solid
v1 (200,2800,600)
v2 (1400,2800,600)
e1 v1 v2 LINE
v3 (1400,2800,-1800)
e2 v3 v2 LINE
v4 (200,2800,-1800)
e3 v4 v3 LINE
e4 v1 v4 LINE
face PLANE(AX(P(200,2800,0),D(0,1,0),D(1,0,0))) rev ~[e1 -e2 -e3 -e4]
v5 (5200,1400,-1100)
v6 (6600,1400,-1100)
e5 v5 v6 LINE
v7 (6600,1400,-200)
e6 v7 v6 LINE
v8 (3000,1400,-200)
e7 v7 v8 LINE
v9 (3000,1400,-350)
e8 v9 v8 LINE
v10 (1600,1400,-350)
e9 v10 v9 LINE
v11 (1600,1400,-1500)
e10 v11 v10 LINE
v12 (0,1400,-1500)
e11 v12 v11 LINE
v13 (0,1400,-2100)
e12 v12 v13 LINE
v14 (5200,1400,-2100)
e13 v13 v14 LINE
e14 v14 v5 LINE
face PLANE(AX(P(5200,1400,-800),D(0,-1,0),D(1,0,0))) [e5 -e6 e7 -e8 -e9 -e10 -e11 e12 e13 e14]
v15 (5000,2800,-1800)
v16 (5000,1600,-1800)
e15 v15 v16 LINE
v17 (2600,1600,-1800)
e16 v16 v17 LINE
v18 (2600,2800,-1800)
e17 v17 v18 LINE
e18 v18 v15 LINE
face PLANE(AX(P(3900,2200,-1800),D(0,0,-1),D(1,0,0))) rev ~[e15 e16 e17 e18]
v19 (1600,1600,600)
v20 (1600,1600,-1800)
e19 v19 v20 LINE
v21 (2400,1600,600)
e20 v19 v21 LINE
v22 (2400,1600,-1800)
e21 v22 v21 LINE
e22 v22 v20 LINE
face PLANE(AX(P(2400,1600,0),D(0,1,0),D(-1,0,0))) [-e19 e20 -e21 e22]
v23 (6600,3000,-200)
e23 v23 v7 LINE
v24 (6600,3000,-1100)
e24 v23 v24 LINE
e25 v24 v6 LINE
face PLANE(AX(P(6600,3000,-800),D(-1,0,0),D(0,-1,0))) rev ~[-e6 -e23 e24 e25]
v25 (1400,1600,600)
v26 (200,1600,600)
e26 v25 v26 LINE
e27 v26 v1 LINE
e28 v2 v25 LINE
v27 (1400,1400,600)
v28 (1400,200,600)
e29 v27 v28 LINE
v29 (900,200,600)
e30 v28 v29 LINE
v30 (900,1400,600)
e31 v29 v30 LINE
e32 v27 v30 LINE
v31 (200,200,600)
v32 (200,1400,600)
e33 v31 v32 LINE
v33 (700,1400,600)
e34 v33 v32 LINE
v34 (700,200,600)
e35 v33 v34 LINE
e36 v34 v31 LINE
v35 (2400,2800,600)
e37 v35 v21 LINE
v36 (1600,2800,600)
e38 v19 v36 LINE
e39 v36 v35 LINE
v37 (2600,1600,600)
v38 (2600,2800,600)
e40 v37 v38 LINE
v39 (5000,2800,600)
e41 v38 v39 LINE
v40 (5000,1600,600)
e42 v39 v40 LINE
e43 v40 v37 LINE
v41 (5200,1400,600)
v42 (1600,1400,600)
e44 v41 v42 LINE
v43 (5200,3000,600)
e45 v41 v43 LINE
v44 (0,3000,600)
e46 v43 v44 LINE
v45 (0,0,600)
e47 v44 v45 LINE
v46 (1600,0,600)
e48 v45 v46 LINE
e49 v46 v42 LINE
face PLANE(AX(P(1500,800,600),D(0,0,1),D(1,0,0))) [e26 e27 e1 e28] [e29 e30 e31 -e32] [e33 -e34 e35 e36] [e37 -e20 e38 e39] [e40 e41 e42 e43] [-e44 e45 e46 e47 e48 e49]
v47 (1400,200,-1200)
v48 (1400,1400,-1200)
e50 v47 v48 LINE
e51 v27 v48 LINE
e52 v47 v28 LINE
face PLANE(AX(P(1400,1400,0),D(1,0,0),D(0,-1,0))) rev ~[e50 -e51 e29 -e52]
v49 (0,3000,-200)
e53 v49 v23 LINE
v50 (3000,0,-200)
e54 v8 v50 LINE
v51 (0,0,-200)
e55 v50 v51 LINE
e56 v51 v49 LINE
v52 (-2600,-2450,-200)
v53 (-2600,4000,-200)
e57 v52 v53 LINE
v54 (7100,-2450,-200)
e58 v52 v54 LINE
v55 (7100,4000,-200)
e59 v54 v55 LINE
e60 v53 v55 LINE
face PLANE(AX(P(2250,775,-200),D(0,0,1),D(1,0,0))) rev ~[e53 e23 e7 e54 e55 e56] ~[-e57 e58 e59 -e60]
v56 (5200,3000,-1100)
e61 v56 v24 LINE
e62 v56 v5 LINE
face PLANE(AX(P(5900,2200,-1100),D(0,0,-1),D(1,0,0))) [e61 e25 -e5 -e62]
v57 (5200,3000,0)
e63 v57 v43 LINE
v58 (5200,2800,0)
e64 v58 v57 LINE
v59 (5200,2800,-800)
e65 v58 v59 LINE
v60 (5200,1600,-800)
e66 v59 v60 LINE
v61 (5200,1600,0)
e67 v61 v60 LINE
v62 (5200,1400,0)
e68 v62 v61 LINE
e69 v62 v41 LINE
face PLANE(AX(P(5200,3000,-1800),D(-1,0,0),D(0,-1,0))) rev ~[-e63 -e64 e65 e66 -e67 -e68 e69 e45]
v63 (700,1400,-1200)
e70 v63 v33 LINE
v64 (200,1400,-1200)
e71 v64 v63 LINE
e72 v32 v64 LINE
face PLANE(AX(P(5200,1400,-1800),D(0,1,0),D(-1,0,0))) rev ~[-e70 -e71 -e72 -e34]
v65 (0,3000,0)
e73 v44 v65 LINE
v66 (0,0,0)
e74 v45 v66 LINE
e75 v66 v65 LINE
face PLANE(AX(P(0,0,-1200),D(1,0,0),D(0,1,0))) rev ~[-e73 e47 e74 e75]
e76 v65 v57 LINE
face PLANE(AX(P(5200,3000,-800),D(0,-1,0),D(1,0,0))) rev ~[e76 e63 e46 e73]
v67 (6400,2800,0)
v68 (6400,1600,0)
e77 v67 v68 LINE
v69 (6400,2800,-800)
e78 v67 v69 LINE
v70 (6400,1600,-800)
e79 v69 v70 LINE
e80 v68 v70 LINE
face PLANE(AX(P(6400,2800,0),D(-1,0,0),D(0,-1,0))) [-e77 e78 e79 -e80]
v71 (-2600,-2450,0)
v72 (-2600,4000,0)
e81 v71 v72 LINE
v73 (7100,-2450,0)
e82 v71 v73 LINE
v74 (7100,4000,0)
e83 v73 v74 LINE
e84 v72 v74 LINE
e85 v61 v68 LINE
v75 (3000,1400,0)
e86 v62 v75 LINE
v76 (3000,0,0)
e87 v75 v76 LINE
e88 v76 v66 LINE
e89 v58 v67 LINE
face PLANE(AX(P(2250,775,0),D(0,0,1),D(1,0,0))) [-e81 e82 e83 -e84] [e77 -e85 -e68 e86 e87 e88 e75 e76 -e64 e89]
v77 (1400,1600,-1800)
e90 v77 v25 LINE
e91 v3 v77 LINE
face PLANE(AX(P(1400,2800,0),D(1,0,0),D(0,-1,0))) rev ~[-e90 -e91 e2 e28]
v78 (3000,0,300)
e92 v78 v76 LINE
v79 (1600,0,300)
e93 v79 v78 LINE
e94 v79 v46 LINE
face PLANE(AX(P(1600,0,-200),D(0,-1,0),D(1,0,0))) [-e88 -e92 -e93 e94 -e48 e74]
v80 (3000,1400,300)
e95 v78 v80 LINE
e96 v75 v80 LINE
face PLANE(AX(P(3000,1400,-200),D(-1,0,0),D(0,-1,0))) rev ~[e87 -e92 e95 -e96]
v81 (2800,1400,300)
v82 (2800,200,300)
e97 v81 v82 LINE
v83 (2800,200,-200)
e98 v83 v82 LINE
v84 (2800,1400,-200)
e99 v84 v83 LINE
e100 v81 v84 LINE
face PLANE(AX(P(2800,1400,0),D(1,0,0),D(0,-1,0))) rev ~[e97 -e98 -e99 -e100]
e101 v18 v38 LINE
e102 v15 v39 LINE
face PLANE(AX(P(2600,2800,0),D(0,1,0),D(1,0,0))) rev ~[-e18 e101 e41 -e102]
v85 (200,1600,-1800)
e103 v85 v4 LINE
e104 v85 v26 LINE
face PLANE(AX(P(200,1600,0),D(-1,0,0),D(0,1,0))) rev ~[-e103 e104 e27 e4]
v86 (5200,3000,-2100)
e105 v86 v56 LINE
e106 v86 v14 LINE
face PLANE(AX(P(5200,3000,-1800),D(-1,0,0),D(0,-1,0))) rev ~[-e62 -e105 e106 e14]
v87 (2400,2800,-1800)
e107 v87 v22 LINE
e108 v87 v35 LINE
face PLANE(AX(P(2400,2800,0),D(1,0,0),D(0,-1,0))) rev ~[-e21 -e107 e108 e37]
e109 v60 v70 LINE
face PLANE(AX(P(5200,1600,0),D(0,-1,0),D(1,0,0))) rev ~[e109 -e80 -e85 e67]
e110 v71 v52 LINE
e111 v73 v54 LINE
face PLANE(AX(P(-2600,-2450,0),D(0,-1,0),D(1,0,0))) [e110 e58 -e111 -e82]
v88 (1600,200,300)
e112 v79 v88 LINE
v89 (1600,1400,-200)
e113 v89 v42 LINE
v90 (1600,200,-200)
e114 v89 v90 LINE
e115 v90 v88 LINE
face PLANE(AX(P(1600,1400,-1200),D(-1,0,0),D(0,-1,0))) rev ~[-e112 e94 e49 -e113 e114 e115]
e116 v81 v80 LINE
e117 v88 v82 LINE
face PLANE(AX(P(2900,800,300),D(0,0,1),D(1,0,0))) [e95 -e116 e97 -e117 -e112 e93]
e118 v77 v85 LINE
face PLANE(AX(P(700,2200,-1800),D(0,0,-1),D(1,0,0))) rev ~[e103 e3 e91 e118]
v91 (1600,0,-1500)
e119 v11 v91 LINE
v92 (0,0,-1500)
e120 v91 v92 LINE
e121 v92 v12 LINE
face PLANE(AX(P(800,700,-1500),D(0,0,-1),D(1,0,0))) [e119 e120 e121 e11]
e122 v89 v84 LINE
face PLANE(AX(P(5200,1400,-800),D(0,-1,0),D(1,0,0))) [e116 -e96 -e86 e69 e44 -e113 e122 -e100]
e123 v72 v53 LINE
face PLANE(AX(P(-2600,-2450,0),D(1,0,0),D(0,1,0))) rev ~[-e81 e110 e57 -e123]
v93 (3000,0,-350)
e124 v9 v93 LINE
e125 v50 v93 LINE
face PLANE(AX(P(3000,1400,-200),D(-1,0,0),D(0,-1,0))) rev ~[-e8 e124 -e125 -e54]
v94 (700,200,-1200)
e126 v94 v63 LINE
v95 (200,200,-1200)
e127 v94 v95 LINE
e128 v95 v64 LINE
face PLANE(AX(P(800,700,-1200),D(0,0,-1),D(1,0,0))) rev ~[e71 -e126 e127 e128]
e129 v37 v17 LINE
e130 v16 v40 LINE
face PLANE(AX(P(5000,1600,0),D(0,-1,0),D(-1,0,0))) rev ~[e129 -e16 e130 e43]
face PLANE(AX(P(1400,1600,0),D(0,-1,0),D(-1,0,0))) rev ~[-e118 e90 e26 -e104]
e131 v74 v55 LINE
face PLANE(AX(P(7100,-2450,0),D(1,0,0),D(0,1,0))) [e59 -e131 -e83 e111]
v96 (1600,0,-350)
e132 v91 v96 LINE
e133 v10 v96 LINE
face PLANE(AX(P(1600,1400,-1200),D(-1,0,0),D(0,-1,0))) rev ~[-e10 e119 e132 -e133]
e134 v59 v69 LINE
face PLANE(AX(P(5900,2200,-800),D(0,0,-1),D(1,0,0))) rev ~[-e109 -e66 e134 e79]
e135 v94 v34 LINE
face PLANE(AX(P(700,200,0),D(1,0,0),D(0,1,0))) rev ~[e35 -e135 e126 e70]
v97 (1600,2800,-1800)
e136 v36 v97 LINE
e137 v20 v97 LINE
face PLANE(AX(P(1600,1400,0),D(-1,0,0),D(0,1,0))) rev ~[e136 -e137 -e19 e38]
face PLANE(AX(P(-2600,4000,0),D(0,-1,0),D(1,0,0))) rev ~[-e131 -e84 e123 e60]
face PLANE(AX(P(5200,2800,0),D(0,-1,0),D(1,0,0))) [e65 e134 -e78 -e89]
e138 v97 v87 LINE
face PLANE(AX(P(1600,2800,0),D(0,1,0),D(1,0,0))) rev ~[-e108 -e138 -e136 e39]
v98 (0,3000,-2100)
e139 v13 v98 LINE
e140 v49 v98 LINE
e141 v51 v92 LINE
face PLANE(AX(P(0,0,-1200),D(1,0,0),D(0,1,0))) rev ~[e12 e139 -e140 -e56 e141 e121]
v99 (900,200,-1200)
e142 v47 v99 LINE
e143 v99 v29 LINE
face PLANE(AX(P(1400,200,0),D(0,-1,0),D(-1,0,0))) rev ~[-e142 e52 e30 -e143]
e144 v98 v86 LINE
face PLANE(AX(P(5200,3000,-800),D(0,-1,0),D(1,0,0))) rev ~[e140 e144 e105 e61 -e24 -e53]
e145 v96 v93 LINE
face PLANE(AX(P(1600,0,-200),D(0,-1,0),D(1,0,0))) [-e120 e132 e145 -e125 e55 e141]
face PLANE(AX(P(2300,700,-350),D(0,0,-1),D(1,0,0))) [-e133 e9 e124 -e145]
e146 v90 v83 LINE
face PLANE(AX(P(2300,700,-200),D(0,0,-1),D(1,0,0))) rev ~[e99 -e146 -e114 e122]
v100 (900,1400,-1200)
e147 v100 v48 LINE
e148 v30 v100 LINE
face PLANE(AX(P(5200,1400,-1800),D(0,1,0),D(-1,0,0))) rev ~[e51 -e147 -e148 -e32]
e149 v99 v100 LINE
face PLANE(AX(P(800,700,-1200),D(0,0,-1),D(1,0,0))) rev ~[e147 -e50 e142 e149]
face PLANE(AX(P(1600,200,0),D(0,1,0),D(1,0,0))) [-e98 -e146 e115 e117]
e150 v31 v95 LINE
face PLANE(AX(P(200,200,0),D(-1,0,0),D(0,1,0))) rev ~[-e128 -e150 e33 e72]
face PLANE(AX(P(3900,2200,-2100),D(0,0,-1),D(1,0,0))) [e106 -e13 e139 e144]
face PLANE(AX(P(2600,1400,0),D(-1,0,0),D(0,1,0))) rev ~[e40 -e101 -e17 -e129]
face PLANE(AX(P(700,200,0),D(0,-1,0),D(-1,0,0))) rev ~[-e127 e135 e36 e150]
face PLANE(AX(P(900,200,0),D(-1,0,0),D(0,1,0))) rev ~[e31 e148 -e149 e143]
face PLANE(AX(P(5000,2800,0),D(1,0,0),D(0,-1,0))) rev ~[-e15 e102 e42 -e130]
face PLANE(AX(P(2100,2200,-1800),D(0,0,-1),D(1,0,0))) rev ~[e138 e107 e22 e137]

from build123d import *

# Parameters (mm, degrees)
F0_W      = 200
F0_H      = 200
F0_H_2    = 1200
F0_W_2    = 500
F0_W_3    = 1200
F1_DEPTH  = 1800
F2_DEPTH  = 600
F4_DEPTH  = 300
F0_W_4    = 800
F5_DEPTH  = 1800
F6_DEPTH  = 600
F7_DEPTH  = 300
F0_W_5    = 2400
F8_DEPTH  = 1800
F9_DEPTH  = 600
F10_DEPTH = 300
F11_DEPTH = 1200
F12_DEPTH = 600
F14_DEPTH = 300
F15_DEPTH = 200
F16_DEPTH = 300
F17_W     = 1400
F17_H     = 1400
F18_DEPTH = 150
F19_DEPTH = 800
F20_W     = 1400
F20_H     = 1600
F21_DEPTH = 300
F22_W     = 9700
F22_H     = 6450
F23_DEPTH = 200


with BuildPart() as f1:
    # F0 (on Top) → F1 (new body)
    with BuildSketch(Plane.XY):
        with Locations((100, 2900)):
            Rectangle(F0_W, F0_H)
        with Locations((100, 2200)):
            Rectangle(F0_W, F0_H_2)
        with Locations((100, 1500)):
            Rectangle(F0_W, F0_H)
        with Locations((450, 1500)):
            Rectangle(F0_W_2, F0_H)
        with Locations((800, 1500)):
            Rectangle(F0_W, F0_H)
        with Locations((1150, 1500)):
            Rectangle(F0_W_2, F0_H)
        with Locations((1500, 1500)):
            Rectangle(F0_W, F0_H)
        with Locations((1500, 2200)):
            Rectangle(F0_W, F0_H_2)
        with Locations((1500, 2900)):
            Rectangle(F0_W, F0_H)
        with Locations((800, 2900)):
            Rectangle(F0_W_3, F0_H)
    extrude(amount=-F1_DEPTH)

    # F0 (on Top) → F2 (join)
    with BuildSketch(Plane.XY):
        with Locations((100, 1500)):
            Rectangle(F0_W, F0_H)
        with Locations((450, 1500)):
            Rectangle(F0_W_2, F0_H)
        with Locations((800, 1500)):
            Rectangle(F0_W, F0_H)
        with Locations((1150, 1500)):
            Rectangle(F0_W_2, F0_H)
        with Locations((1500, 1500)):
            Rectangle(F0_W, F0_H)
        with Locations((1500, 2200)):
            Rectangle(F0_W, F0_H_2)
        with Locations((1500, 2900)):
            Rectangle(F0_W, F0_H)
        with Locations((800, 2900)):
            Rectangle(F0_W_3, F0_H)
        with Locations((100, 2900)):
            Rectangle(F0_W, F0_H)
        with Locations((100, 2200)):
            Rectangle(F0_W, F0_H_2)
    extrude(amount=F2_DEPTH)

    # F3 (on face) → F4 (join)
    with BuildSketch(Plane(origin=(0, 0, -1800), x_dir=(1, 0, 0), z_dir=(0, 0, -1))):
        Polygon((1400, -1400), (200, -1400), (0, -1400), (0, -3000), (1400, -3000), align=None)
        Polygon((1400, -1400), (200, -1400), (0, -1400), (0, -3000), (1400, -3000), (1400, -2800), align=None)
        Polygon((2600, -1400), (1600, -1400), (1600, -3000), (2600, -3000), (2600, -2800), (2600, -1600), align=None)
    extrude(amount=F4_DEPTH)

    # F0 (on Top) → F5 (join)
    with BuildSketch(Plane.XY):
        with Locations((2000, 1500)):
            Rectangle(F0_W_4, F0_H)
        with Locations((2500, 1500)):
            Rectangle(F0_W, F0_H)
        with Locations((2500, 2200)):
            Rectangle(F0_W, F0_H_2)
        with Locations((2500, 2900)):
            Rectangle(F0_W, F0_H)
        with Locations((2000, 2900)):
            Rectangle(F0_W_4, F0_H)
    extrude(amount=-F5_DEPTH)

    # F0 (on Top) → F6 (join)
    with BuildSketch(Plane.XY):
        with Locations((2000, 2900)):
            Rectangle(F0_W_4, F0_H)
        with Locations((2500, 2900)):
            Rectangle(F0_W, F0_H)
        with Locations((2500, 2200)):
            Rectangle(F0_W, F0_H_2)
        with Locations((2500, 1500)):
            Rectangle(F0_W, F0_H)
        with Locations((2000, 1500)):
            Rectangle(F0_W_4, F0_H)
    extrude(amount=F6_DEPTH)

    # F3 (on face) → F7 (join)
    with BuildSketch(Plane(origin=(0, 0, -1800), x_dir=(1, 0, 0), z_dir=(0, 0, -1))):
        Polygon((1600, -1400), (1400, -1400), (1400, -2800), (1400, -3000), (1600, -3000), align=None)
    extrude(amount=F7_DEPTH)

    # F0 (on Top) → F8 (join)
    with BuildSketch(Plane.XY):
        with Locations((3800, 2900)):
            Rectangle(F0_W_5, F0_H)
        with Locations((5100, 2900)):
            Rectangle(F0_W, F0_H)
        with Locations((5100, 2200)):
            Rectangle(F0_W, F0_H_2)
        with Locations((5100, 1500)):
            Rectangle(F0_W, F0_H)
        Polygon((2600, 1400), (2800, 1400), (3000, 1400), (5000, 1400), (5000, 1600), (2600, 1600), align=None)
    extrude(amount=-F8_DEPTH)

    # F0 (on Top) → F9 (join)
    with BuildSketch(Plane.XY):
        Polygon((2600, 1400), (2800, 1400), (3000, 1400), (5000, 1400), (5000, 1600), (2600, 1600), align=None)
        with Locations((5100, 1500)):
            Rectangle(F0_W, F0_H)
        with Locations((5100, 2200)):
            Rectangle(F0_W, F0_H_2)
        with Locations((5100, 2900)):
            Rectangle(F0_W, F0_H)
        with Locations((3800, 2900)):
            Rectangle(F0_W_5, F0_H)
    extrude(amount=F9_DEPTH)

    # F3 (on face) → F10 (join)
    with BuildSketch(Plane(origin=(0, 0, -1800), x_dir=(1, 0, 0), z_dir=(0, 0, -1))):
        Polygon((5200, -1400), (2600, -1400), (2600, -1600), (2600, -2800), (2600, -3000), (5200, -3000), align=None)
    extrude(amount=F10_DEPTH)

    # F0 (on Top) → F11 (join)
    with BuildSketch(Plane.XY):
        with Locations((100, 800)):
            Rectangle(F0_W, F0_H_2)
        with Locations((100, 100)):
            Rectangle(F0_W, F0_H)
        with Locations((450, 100)):
            Rectangle(F0_W_2, F0_H)
        with Locations((800, 100)):
            Rectangle(F0_W, F0_H)
        with Locations((800, 800)):
            Rectangle(F0_W, F0_H_2)
        with Locations((1150, 100)):
            Rectangle(F0_W_2, F0_H)
        with Locations((1500, 100)):
            Rectangle(F0_W, F0_H)
        with Locations((1500, 800)):
            Rectangle(F0_W, F0_H_2)
    extrude(amount=-F11_DEPTH)

    # F0 (on Top) → F12 (join)
    with BuildSketch(Plane.XY):
        with Locations((1500, 800)):
            Rectangle(F0_W, F0_H_2)
        with Locations((1500, 100)):
            Rectangle(F0_W, F0_H)
        with Locations((1150, 100)):
            Rectangle(F0_W_2, F0_H)
        with Locations((800, 100)):
            Rectangle(F0_W, F0_H)
        with Locations((800, 800)):
            Rectangle(F0_W, F0_H_2)
        with Locations((450, 100)):
            Rectangle(F0_W_2, F0_H)
        with Locations((100, 100)):
            Rectangle(F0_W, F0_H)
        with Locations((100, 800)):
            Rectangle(F0_W, F0_H_2)
    extrude(amount=F12_DEPTH)

    # F13 (on face) → F14 (join)
    with BuildSketch(Plane(origin=(0, 0, -1200), x_dir=(1, 0, 0), z_dir=(0, 0, -1))):
        Polygon((1600, 0), (0, 0), (0, -1400), (1600, -1400), (1600, -200), align=None)
    extrude(amount=F14_DEPTH)



with BuildPart() as f15:
    # F0 (on Top) → F15 (new body)
    with BuildSketch(Plane.XY):
        with Locations((2900, 800)):
            Rectangle(F0_W, F0_H_2)
        with Locations((2900, 100)):
            Rectangle(F0_W, F0_H)
        with Locations((2200, 100)):
            Rectangle(F0_W_3, F0_H)
    extrude(amount=-F15_DEPTH)


with BuildPart() as f1_1:
    add(f1.part)

    add(f15.part)  # F16 merges F15
    # F0 (on Top) → F16 (join)
    with BuildSketch(Plane.XY):
        with Locations((2900, 800)):
            Rectangle(F0_W, F0_H_2)
        with Locations((2900, 100)):
            Rectangle(F0_W, F0_H)
        with Locations((2200, 100)):
            Rectangle(F0_W_3, F0_H)
    extrude(amount=F16_DEPTH)

    # F17 (on face) → F18 (join)
    with BuildSketch(Plane(origin=(0, 0, -200), x_dir=(1, 0, 0), z_dir=(0, 0, -1))):
        with Locations((2300, -700)):
            Rectangle(F17_W, F17_H)
    extrude(amount=F18_DEPTH)

    # F0 (on Top) → F19 (join)
    with BuildSketch(Plane.XY):
        with Locations((5800, 2900)):
            Rectangle(F0_W_3, F0_H)
        with Locations((6500, 2900)):
            Rectangle(F0_W, F0_H)
        with Locations((6500, 2200)):
            Rectangle(F0_W, F0_H_2)
        with Locations((6500, 1500)):
            Rectangle(F0_W, F0_H)
        with Locations((5800, 1500)):
            Rectangle(F0_W_3, F0_H)
    extrude(amount=-F19_DEPTH)

    # F20 (on face) → F21 (join)
    with BuildSketch(Plane(origin=(0, 0, -800), x_dir=(1, 0, 0), z_dir=(0, 0, -1))):
        with Locations((5900, -2200)):
            Rectangle(F20_W, F20_H)
    extrude(amount=F21_DEPTH)

    # F22 (on Top) → F23 (join)
    with BuildSketch(Plane.XY):
        with Locations((2250, 775)):
            Rectangle(F22_W, F22_H)
        Polygon((1600, 0), (0, 0), (0, 3000), (5200, 3000), (6600, 3000), (6600, 1400), (5200, 1400), (3000, 1400), (3000, 0), align=None, mode=Mode.SUBTRACT)
    extrude(amount=-F23_DEPTH)


solid = f1_1.part
